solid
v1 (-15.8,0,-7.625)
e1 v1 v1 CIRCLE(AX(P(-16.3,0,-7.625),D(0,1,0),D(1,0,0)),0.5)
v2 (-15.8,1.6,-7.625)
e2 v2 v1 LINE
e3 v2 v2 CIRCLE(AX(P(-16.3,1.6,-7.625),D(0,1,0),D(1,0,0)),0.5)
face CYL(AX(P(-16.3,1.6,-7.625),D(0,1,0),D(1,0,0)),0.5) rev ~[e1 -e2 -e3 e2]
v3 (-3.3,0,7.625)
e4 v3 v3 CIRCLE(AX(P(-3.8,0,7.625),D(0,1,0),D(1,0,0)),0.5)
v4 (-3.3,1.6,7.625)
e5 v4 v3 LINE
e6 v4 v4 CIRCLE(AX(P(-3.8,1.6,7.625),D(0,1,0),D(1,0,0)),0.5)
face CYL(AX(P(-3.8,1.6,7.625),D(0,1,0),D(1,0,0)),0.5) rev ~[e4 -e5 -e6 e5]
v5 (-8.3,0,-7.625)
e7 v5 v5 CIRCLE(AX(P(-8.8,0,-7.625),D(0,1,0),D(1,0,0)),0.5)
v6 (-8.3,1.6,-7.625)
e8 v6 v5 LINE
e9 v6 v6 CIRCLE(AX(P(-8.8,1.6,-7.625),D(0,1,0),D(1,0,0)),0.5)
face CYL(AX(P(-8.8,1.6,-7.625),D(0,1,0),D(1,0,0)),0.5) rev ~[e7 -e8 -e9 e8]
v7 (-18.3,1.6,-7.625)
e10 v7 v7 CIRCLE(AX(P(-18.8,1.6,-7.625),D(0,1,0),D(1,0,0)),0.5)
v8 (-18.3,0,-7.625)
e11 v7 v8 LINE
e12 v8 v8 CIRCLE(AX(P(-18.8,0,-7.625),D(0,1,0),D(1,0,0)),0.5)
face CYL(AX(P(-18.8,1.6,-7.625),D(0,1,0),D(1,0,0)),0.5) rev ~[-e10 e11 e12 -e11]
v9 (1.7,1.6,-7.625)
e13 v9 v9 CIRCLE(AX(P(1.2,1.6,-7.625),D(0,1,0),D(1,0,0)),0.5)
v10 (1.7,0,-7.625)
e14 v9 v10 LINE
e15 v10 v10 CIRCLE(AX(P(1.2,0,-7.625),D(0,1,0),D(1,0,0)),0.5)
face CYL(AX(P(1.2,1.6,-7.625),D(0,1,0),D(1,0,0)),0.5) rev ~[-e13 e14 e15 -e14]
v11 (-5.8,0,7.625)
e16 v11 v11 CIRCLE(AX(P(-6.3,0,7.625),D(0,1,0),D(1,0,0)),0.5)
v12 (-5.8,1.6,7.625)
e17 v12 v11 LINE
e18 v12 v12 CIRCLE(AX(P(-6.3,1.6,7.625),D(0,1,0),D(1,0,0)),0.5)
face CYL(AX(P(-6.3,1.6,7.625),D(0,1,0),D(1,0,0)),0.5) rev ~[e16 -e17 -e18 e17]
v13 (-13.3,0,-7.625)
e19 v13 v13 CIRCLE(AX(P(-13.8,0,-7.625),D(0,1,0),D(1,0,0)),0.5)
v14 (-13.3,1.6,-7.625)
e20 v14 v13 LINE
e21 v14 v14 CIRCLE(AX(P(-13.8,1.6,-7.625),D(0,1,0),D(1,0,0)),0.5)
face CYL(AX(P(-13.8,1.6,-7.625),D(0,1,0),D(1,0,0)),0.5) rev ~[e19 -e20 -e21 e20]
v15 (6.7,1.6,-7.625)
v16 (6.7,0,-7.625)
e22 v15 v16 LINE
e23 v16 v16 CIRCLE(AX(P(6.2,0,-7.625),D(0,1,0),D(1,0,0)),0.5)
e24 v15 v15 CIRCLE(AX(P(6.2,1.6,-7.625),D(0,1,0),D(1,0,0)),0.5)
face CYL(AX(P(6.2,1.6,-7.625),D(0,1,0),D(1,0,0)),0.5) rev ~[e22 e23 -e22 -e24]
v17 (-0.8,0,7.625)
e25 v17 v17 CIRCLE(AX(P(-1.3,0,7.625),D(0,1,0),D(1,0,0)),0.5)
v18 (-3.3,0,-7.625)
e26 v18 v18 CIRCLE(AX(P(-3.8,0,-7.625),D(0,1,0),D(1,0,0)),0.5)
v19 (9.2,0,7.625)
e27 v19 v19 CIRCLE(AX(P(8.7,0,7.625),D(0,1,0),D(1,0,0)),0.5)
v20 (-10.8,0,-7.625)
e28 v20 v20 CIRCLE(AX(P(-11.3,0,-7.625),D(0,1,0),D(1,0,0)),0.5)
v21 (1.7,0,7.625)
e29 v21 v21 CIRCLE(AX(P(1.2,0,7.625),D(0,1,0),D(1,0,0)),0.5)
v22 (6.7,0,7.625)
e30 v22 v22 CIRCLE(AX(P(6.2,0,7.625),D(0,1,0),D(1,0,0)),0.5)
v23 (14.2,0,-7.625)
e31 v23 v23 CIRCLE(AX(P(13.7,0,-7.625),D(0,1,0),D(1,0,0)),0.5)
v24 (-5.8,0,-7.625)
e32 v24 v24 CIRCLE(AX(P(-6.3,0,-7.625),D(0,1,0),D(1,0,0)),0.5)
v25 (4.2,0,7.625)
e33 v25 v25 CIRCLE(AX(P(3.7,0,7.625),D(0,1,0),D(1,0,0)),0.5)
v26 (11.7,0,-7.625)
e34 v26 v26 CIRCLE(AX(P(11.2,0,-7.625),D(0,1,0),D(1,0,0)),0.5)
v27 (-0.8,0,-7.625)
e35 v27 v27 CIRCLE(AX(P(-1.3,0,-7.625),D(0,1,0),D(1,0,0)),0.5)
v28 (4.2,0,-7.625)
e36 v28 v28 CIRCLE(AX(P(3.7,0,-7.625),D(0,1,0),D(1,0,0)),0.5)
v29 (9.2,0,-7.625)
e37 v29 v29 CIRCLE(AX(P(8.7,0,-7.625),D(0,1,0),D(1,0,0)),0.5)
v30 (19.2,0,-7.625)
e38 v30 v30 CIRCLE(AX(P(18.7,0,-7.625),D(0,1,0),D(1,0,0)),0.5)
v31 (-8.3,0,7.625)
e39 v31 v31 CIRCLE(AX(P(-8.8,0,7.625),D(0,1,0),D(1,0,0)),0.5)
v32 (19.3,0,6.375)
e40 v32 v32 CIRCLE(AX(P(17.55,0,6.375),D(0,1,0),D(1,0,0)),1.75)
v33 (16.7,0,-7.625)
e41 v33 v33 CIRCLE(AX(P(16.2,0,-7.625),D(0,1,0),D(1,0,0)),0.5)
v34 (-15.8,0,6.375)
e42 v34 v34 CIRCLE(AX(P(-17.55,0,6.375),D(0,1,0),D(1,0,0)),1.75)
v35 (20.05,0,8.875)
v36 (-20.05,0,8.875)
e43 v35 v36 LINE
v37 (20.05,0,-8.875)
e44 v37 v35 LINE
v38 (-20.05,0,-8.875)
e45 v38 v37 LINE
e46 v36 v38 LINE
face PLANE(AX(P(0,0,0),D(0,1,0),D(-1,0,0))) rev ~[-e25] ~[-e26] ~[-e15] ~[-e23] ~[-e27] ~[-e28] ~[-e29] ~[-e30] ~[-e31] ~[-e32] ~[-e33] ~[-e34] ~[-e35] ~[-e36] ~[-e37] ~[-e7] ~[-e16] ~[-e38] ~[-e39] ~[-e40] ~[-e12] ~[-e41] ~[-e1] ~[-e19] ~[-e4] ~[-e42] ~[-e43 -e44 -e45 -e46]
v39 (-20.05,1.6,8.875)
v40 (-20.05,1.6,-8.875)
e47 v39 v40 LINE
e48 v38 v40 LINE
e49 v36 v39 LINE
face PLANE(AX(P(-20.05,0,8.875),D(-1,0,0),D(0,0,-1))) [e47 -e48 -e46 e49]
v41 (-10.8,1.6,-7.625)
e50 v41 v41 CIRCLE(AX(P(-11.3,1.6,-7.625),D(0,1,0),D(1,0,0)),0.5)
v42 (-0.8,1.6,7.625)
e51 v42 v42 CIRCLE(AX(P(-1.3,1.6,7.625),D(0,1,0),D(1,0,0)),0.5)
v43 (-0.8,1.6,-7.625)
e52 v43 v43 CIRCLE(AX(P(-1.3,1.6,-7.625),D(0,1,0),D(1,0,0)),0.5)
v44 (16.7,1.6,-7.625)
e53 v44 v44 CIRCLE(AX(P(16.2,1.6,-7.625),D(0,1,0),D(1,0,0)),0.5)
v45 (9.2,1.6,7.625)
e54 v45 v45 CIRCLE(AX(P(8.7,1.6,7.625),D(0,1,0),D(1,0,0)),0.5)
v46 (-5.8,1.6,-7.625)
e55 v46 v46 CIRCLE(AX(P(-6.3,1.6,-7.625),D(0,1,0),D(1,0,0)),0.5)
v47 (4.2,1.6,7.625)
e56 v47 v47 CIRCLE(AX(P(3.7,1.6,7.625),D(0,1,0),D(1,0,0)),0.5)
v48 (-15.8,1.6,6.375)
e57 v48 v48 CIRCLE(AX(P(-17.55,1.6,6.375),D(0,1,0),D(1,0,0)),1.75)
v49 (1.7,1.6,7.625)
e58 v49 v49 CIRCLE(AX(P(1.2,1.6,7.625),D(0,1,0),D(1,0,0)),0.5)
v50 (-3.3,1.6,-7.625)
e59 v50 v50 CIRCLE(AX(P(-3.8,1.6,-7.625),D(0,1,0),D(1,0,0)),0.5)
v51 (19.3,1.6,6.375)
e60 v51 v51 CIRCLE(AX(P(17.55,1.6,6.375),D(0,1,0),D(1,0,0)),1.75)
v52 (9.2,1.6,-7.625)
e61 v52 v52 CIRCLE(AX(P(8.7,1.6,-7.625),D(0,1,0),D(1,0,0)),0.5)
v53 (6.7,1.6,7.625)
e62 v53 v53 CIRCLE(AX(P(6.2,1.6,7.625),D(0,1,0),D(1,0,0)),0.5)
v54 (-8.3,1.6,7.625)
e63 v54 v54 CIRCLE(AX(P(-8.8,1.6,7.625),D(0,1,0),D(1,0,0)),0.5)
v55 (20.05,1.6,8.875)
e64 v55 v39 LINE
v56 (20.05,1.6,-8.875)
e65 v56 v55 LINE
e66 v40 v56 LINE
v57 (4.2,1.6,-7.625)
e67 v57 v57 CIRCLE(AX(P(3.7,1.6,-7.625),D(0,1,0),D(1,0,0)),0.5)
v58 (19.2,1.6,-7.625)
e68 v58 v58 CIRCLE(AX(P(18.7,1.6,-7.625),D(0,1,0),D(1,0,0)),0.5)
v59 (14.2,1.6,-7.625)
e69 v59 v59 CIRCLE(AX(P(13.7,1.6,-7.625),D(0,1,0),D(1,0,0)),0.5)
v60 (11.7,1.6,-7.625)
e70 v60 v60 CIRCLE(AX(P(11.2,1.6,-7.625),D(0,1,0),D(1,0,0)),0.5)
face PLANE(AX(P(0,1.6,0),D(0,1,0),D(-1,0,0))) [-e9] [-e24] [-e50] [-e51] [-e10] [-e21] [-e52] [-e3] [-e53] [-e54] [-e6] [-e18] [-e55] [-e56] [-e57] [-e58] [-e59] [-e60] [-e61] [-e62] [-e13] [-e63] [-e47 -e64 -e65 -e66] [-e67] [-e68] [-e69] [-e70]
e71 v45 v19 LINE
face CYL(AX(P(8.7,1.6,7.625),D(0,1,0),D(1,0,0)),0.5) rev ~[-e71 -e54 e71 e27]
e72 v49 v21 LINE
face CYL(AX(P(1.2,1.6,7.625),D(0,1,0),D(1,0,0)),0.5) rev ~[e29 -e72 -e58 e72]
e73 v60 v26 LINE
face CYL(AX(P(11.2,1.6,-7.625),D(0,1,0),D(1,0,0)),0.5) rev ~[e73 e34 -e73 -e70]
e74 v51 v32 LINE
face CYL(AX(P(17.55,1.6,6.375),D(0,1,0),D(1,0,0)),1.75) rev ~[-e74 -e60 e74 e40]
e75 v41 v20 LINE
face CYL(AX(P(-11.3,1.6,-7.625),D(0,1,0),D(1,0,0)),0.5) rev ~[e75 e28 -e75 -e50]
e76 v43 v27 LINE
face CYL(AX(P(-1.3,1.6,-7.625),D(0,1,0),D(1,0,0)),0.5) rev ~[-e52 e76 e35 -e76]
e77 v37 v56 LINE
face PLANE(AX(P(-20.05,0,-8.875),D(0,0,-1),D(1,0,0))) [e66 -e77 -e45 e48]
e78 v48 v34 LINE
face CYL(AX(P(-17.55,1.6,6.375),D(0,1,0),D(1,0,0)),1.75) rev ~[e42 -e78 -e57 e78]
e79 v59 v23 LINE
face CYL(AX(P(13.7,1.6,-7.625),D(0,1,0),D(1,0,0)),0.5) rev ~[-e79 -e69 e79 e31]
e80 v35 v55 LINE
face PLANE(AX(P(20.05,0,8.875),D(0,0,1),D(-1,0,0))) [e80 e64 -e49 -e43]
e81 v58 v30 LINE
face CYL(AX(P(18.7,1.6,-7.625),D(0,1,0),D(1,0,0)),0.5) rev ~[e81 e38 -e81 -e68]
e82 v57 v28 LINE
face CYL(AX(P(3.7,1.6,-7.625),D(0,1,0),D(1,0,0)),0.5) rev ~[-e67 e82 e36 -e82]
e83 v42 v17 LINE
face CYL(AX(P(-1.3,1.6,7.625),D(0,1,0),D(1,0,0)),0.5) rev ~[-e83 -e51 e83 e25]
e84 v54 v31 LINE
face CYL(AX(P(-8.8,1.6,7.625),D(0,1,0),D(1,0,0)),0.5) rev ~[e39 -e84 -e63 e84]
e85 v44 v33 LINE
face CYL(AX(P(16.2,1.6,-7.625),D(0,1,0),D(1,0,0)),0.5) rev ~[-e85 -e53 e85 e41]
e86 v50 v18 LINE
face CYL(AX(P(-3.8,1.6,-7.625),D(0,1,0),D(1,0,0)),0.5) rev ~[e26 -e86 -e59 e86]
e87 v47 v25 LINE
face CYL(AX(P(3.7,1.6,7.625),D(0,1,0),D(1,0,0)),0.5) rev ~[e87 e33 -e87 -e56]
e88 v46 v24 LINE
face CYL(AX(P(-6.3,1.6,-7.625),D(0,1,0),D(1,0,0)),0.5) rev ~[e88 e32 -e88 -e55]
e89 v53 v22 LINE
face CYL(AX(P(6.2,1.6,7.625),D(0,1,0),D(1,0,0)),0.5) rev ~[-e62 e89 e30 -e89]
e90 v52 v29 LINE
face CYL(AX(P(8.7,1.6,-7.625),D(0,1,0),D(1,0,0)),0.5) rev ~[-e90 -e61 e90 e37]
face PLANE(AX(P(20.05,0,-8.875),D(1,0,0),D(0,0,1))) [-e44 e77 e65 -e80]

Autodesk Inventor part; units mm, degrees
ref_plane "YZ Plane" through (0, 0, 0) normal (1, 0, 0) x (0, 1, 0)
ref_plane "XZ Plane" through (0, 0, 0) normal (0, 1, 0) x (-1, 0, 0)
ref_plane "XY Plane" through (0, 0, 0) normal (0, 0, 1) x (1, 0, 0)
sketch "Sketch1" plane through (0, 0, 0) normal (0, 1, 0) x (-1, 0, 0)
  line L0 (-20.05, 8.875) -> (20.05, 8.875)
  line L1 (20.05, 8.875) -> (20.05, -8.875)
  line L2 (20.05, -8.875) -> (-20.05, -8.875)
  line L3 (-20.05, -8.875) -> (-20.05, 8.875)
  line L4 (-20.05, 8.875) -> (20.05, -8.875) construction
  line L5 (20.05, 8.875) -> (-20.05, -8.875) construction
  point P0 (0, 0)
  dimension "d0" = 40
  dimension "d1" = 18
extrude "Extrusion1" add sketch "Sketch1" along normal blind 1.6
sketch "Sketch2" plane through (0, 1.6, 0) normal (0, 1, 0) x (1, 0, 0)
  line L0 (-2.5, -4.25) -> (2.5, -4.25)
  line L1 (2.5, -4.25) -> (2.5, 4.25)
  line L2 (2.5, 4.25) -> (-2.5, 4.25)
  line L3 (-2.5, 4.25) -> (-2.5, -4.25)
  line L4 (-2.5, -4.25) -> (2.5, 4.25) construction
  line L5 (2.5, -4.25) -> (-2.5, 4.25) construction
  point P0 (0, 0)
  dimension "d7" = 5
  dimension "d8" = 8.5
sketch "Sketch3" plane through (0, 1.6, 0) normal (0, 1, 0) x (1, 0, 0)
  circle A0 centre (-18.8, 7.625) radius 0.5
  line L0 (20.05, 8.875) -> (-20.05, 8.875) projected
  line L1 (-20.05, 8.875) -> (-20.05, -8.875) projected
  circle A1 centre (-16.3, 7.625) radius 0.5
  circle A2 centre (-13.8, 7.625) radius 0.5
  circle A3 centre (-11.3, 7.625) radius 0.5
  circle A4 centre (-8.8, 7.625) radius 0.5
  circle A5 centre (-6.3, 7.625) radius 0.5
  circle A6 centre (-3.8, 7.625) radius 0.5
  circle A7 centre (-1.3, 7.625) radius 0.5
  circle A8 centre (1.2, 7.625) radius 0.5
  circle A9 centre (3.7, 7.625) radius 0.5
  circle A10 centre (6.2, 7.625) radius 0.5
  circle A11 centre (8.7, 7.625) radius 0.5
  circle A12 centre (11.2, 7.625) radius 0.5
  circle A13 centre (13.7, 7.625) radius 0.5
  circle A14 centre (16.2, 7.625) radius 0.5
  circle A15 centre (18.7, 7.625) radius 0.5
  line L2 (-20.05, 0) -> (20.05, 0) construction
  line L3 (20.05, -8.875) -> (20.05, 8.875) construction
  circle A16 centre (-8.8, -7.625) radius 0.5
  circle A17 centre (-6.3, -7.625) radius 0.5
  circle A18 centre (-3.8, -7.625) radius 0.5
  circle A19 centre (-1.3, -7.625) radius 0.5
  circle A20 centre (1.2, -7.625) radius 0.5
  circle A21 centre (3.7, -7.625) radius 0.5
  circle A22 centre (6.2, -7.625) radius 0.5
  circle A23 centre (8.7, -7.625) radius 0.5
  circle A24 centre (-17.55, -6.375) radius 1.75
  line L4 (-20.05, -8.875) -> (20.05, -8.875) projected
  line L5 (0, 8.875) -> (0, -8.875) construction
  circle A25 centre (17.55, -6.375) radius 1.75
  point P0 (0, 0)
  dimension "d9" = 1
  dimension "d10" = 1.25
  dimension "d11" = 1.25
  dimension "d14" = 2.5
  dimension "d21" = 3.5
  dimension "d22" = 2.5
  dimension "d23" = 2.5
extrude "Extrusion2" cut sketch "Sketch3" against normal through all
properties part number "HW-178"
